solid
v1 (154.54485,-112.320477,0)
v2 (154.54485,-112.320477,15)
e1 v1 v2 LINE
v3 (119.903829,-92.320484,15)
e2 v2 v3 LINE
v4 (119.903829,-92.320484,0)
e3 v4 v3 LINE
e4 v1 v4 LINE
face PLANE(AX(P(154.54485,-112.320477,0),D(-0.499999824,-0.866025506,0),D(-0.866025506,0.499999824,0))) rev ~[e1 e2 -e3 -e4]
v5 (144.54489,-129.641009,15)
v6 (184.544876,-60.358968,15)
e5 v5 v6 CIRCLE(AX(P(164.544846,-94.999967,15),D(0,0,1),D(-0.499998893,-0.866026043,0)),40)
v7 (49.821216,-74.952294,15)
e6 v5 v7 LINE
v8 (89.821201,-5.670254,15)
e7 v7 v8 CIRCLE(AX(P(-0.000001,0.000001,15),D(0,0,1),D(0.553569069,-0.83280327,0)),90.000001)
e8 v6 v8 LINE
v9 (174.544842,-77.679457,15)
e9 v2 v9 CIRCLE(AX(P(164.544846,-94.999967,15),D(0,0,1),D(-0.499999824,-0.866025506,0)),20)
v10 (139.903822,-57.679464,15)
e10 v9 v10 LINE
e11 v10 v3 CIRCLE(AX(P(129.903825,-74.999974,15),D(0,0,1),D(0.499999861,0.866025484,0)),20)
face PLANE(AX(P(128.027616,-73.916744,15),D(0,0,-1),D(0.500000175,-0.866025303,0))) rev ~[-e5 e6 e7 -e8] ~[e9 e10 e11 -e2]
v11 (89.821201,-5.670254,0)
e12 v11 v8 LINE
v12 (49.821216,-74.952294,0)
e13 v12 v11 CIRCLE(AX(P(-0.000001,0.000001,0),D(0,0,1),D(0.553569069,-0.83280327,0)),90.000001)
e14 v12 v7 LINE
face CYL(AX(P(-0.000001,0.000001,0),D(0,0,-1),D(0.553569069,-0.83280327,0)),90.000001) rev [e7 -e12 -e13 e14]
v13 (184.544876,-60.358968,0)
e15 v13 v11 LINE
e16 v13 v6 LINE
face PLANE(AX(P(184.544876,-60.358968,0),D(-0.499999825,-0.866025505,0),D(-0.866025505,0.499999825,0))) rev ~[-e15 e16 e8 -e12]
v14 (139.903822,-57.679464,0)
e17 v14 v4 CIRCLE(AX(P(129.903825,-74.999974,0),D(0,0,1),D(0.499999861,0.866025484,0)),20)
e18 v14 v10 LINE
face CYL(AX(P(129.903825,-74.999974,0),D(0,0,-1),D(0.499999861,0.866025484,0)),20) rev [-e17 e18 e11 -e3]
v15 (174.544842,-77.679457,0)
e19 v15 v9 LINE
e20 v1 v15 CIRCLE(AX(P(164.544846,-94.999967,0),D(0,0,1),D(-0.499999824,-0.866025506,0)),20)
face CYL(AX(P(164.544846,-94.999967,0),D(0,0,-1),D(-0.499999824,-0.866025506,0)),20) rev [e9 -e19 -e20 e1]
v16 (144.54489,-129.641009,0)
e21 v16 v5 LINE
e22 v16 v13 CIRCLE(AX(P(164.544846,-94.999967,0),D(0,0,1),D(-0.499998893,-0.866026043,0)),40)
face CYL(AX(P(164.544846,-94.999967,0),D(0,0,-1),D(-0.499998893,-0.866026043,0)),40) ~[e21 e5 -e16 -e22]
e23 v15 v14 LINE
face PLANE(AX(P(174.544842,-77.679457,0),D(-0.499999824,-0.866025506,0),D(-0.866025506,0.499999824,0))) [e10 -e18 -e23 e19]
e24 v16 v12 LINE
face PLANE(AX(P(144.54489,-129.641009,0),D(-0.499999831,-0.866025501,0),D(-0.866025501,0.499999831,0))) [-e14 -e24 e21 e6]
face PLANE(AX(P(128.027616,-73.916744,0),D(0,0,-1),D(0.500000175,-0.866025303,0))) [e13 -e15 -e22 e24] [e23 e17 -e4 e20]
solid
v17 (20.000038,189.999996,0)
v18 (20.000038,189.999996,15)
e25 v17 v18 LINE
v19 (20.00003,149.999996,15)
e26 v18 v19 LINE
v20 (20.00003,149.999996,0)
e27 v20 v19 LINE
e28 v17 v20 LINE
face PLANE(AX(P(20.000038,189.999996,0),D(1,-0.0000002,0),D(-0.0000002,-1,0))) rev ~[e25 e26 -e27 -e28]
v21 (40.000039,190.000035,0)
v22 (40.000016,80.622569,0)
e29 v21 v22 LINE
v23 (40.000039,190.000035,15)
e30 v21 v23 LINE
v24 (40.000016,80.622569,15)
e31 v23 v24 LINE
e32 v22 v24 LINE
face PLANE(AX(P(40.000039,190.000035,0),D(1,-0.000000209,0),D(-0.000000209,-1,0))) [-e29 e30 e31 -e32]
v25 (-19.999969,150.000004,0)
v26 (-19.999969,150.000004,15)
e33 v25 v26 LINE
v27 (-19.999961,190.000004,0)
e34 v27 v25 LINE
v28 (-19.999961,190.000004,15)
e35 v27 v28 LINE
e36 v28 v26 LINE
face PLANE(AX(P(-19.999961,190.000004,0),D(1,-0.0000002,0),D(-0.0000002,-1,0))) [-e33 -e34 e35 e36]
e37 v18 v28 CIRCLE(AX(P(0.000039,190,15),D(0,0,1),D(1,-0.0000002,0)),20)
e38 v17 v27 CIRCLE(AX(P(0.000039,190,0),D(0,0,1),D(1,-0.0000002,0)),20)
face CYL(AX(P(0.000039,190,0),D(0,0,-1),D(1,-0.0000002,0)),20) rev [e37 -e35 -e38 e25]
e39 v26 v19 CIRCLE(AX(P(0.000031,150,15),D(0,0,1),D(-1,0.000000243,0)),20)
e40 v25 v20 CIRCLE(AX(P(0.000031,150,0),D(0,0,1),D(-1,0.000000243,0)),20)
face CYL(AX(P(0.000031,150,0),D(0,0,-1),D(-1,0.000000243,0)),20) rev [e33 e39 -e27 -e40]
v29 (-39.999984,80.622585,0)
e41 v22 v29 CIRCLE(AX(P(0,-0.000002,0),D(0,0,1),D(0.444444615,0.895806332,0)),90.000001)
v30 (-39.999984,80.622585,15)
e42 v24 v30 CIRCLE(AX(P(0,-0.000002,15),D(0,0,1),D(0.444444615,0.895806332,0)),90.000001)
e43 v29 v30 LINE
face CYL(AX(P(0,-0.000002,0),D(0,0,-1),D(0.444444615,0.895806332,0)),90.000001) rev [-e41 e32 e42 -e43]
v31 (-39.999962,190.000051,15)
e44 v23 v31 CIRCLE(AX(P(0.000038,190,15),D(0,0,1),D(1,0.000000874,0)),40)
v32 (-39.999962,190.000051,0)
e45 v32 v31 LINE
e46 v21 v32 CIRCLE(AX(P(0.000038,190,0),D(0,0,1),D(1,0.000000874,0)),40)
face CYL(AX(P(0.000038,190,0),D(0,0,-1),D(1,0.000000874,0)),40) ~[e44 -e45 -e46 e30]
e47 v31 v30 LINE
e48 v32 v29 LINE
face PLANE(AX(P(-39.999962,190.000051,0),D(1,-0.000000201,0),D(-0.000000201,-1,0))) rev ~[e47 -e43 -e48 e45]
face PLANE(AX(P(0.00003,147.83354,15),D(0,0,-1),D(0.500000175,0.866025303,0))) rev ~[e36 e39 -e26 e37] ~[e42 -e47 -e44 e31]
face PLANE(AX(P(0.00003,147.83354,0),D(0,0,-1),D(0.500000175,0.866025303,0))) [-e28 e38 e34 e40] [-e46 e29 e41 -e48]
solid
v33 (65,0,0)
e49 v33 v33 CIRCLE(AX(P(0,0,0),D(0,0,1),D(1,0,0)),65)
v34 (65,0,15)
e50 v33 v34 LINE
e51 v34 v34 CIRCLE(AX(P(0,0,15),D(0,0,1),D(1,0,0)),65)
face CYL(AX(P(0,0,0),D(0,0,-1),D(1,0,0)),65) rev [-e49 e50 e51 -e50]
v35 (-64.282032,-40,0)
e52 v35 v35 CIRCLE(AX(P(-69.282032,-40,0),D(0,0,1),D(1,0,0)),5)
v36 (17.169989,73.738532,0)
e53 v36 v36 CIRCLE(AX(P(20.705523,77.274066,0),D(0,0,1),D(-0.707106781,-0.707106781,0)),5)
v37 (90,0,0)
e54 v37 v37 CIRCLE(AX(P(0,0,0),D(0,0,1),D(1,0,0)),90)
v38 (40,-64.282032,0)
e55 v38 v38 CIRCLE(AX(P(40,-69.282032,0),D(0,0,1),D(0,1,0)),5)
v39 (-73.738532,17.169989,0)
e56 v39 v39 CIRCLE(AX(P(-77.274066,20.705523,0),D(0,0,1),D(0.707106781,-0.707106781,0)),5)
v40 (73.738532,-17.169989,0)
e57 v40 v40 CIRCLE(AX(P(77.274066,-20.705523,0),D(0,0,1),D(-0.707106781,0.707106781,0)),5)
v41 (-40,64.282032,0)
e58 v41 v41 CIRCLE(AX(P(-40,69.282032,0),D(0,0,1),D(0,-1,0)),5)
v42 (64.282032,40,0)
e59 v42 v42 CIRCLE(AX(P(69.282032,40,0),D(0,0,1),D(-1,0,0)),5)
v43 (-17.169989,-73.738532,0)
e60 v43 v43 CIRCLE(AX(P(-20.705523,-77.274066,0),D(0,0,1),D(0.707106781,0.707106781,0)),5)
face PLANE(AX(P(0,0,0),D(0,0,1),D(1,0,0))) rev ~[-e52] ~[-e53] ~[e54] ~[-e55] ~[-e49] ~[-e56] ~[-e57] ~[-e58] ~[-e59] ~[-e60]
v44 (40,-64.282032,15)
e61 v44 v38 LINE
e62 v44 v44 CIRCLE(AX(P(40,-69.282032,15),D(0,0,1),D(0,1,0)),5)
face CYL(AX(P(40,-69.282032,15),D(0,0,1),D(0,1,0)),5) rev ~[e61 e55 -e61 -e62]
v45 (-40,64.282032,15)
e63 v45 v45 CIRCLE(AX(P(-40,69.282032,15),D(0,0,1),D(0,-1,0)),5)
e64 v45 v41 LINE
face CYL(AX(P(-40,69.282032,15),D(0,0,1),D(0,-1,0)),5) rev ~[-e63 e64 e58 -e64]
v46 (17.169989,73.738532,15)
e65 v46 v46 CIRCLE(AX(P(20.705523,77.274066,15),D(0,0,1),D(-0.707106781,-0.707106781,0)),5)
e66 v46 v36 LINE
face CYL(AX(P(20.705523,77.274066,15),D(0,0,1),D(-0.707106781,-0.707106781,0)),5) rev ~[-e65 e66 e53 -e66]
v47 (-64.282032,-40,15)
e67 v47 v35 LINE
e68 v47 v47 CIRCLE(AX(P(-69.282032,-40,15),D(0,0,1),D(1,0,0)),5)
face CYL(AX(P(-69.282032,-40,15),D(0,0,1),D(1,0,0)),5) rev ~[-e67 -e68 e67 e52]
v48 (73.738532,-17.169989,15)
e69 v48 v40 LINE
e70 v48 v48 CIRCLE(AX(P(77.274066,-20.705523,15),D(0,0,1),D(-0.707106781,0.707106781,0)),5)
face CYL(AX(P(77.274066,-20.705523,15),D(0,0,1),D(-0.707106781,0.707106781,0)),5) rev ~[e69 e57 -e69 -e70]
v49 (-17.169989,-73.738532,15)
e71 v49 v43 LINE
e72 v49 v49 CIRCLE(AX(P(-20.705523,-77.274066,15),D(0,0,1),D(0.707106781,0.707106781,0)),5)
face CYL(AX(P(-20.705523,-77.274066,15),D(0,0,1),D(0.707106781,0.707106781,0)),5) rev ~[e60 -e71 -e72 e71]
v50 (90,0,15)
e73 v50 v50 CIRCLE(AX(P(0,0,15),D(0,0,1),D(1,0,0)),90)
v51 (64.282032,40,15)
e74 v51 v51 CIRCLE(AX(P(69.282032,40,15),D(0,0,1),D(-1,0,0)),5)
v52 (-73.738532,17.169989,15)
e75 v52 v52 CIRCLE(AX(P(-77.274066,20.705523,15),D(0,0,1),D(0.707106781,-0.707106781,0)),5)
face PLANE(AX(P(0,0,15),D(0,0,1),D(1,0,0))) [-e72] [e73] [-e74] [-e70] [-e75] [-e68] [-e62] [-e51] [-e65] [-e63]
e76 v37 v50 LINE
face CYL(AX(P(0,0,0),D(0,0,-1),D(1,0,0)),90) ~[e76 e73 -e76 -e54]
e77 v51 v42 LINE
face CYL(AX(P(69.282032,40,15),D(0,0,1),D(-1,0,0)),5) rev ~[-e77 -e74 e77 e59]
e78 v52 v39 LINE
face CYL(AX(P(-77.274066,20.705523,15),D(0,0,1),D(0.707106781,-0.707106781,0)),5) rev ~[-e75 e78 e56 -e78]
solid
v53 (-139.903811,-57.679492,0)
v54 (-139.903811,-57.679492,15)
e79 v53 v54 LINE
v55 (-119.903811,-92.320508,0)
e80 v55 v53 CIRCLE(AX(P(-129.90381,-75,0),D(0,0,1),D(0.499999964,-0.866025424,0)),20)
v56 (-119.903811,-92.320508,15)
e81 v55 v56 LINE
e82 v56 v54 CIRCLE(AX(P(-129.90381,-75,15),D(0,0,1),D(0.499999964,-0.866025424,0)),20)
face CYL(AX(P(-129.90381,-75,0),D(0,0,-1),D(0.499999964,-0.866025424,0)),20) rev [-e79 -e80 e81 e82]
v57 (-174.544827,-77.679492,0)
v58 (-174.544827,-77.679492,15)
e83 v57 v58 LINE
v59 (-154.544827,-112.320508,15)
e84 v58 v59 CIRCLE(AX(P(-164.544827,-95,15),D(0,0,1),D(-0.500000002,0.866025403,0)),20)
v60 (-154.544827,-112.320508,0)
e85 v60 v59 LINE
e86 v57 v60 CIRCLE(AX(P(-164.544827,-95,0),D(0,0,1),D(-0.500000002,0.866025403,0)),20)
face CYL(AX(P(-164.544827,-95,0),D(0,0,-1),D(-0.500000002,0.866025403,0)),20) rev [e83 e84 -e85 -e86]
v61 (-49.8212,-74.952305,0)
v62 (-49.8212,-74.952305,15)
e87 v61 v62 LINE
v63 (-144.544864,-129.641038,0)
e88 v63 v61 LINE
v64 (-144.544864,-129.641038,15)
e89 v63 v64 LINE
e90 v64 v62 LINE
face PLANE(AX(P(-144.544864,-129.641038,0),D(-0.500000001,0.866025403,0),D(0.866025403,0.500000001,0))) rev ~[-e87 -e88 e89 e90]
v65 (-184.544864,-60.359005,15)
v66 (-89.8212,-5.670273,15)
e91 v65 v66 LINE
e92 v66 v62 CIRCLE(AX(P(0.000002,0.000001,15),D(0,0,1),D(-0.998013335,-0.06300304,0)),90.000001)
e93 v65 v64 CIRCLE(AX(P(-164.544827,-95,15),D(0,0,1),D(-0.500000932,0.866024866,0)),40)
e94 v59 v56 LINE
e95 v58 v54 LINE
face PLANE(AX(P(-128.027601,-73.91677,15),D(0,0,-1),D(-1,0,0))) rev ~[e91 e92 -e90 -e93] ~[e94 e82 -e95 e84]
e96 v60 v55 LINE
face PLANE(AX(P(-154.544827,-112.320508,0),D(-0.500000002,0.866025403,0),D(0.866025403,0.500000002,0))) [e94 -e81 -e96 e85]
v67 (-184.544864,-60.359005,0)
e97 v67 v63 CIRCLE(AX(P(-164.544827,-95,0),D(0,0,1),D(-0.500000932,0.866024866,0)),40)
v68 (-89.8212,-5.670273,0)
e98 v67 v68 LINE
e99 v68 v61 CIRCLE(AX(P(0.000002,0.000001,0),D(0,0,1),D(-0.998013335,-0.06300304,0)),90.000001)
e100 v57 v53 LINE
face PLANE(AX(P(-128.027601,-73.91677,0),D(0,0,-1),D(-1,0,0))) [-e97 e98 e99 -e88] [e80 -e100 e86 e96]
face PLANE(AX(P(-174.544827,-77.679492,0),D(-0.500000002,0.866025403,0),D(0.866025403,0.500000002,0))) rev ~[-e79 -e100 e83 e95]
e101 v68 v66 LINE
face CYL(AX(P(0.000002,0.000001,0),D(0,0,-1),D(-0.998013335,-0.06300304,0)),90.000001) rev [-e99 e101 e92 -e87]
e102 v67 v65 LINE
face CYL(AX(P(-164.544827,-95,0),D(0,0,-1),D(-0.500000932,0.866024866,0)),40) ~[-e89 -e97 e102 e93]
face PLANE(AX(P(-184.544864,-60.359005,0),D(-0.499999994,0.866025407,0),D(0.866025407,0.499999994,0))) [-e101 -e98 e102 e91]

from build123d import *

# Parameters (mm, degrees)
SKETCH_R           = 90
SKETCH_R_2         = 65
PAD_DEPTH          = 15
SKETCH001_R        = 5
POCKET_DEPTH       = 525.001
POLARPATTERN_COUNT = 8
PAD001_DEPTH       = 15
PAD002_DEPTH       = 15
PAD003_DEPTH       = 15


with BuildPart() as polarpattern:
    # Sketch → Pad (new body)
    with BuildSketch(Plane.XY):
        Circle(SKETCH_R)
        Circle(SKETCH_R_2, mode=Mode.SUBTRACT)
    extrude(amount=PAD_DEPTH)

    # Sketch001 → Pocket (cut, through all)
    with BuildSketch(Plane.XY.offset(15)):
        with Locations((-69.282032, -40)):
            Circle(SKETCH001_R)
    pocket = extrude(amount=-POCKET_DEPTH, mode=Mode.SUBTRACT)

    # PolarPattern: Pocket ×8 about axis
    polarpattern_axis = Axis((0, 0, 15), (0, 0, 1))
    for i in range(1, POLARPATTERN_COUNT):
        add(pocket.rotate(polarpattern_axis, i * 360 / POLARPATTERN_COUNT), mode=Mode.SUBTRACT)


with BuildPart() as pad001:
    # Sketch002 → Pad001 (new body)
    with BuildSketch(Plane.XY):
        with BuildLine():
            Line((-184.544864, -60.359005), (-89.8212, -5.670273))
            ThreePointArc((-89.8212, -5.670273), (-77.942286, -45), (-49.8212, -74.952305))
            Line((-144.544864, -129.641038), (-49.8212, -74.952305))
            ThreePointArc((-184.544864, -60.359005), (-199.185843, -115), (-144.544864, -129.641038))
        make_face()
        with BuildLine():
            ThreePointArc((-174.544827, -77.679492), (-181.865335, -105), (-154.544827, -112.320508))
            Line((-154.544827, -112.320508), (-119.903811, -92.320508))
            ThreePointArc((-119.903811, -92.320508), (-112.583302, -65), (-139.903811, -57.679492))
            Line((-174.544827, -77.679492), (-139.903811, -57.679492))
        make_face(mode=Mode.SUBTRACT)
    extrude(amount=PAD001_DEPTH)


with BuildPart() as pad002:
    # Sketch003 → Pad002 (new body)
    with BuildSketch(Plane(origin=(0, 0, 0), x_dir=(-0.5, 0.866025, 0), z_dir=(0, 0, 1))):
        with BuildLine():
            Line((-184.544864, -60.359005), (-89.8212, -5.670273))
            ThreePointArc((-89.8212, -5.670273), (-77.942286, -45), (-49.8212, -74.952305))
            Line((-144.544864, -129.641038), (-49.8212, -74.952305))
            ThreePointArc((-184.544864, -60.359005), (-199.185843, -115), (-144.544864, -129.641038))
        make_face()
        with BuildLine():
            ThreePointArc((-174.544827, -77.679492), (-181.865335, -105), (-154.544827, -112.320508))
            Line((-154.544827, -112.320508), (-119.903811, -92.320508))
            ThreePointArc((-119.903811, -92.320508), (-112.583302, -65), (-139.903811, -57.679492))
            Line((-174.544827, -77.679492), (-139.903811, -57.679492))
        make_face(mode=Mode.SUBTRACT)
    extrude(amount=PAD002_DEPTH)


with BuildPart() as pad003:
    # Sketch004 → Pad003 (new body)
    with BuildSketch(Plane(origin=(0, 0, 0), x_dir=(-0.5, -0.866025, 0), z_dir=(0, 0, 1))):
        with BuildLine():
            Line((-184.544864, -60.359005), (-89.8212, -5.670273))
            ThreePointArc((-89.8212, -5.670273), (-77.942286, -45), (-49.8212, -74.952305))
            Line((-144.544864, -129.641038), (-49.8212, -74.952305))
            ThreePointArc((-184.544864, -60.359005), (-199.185843, -115), (-144.544864, -129.641038))
        make_face()
        with BuildLine():
            ThreePointArc((-174.544827, -77.679492), (-181.865335, -105), (-154.544827, -112.320508))
            Line((-154.544827, -112.320508), (-119.903811, -92.320508))
            ThreePointArc((-119.903811, -92.320508), (-112.583302, -65), (-139.903811, -57.679492))
            Line((-174.544827, -77.679492), (-139.903811, -57.679492))
        make_face(mode=Mode.SUBTRACT)
    extrude(amount=PAD003_DEPTH)


solid = Compound([polarpattern.part, pad001.part, pad002.part, pad003.part])
